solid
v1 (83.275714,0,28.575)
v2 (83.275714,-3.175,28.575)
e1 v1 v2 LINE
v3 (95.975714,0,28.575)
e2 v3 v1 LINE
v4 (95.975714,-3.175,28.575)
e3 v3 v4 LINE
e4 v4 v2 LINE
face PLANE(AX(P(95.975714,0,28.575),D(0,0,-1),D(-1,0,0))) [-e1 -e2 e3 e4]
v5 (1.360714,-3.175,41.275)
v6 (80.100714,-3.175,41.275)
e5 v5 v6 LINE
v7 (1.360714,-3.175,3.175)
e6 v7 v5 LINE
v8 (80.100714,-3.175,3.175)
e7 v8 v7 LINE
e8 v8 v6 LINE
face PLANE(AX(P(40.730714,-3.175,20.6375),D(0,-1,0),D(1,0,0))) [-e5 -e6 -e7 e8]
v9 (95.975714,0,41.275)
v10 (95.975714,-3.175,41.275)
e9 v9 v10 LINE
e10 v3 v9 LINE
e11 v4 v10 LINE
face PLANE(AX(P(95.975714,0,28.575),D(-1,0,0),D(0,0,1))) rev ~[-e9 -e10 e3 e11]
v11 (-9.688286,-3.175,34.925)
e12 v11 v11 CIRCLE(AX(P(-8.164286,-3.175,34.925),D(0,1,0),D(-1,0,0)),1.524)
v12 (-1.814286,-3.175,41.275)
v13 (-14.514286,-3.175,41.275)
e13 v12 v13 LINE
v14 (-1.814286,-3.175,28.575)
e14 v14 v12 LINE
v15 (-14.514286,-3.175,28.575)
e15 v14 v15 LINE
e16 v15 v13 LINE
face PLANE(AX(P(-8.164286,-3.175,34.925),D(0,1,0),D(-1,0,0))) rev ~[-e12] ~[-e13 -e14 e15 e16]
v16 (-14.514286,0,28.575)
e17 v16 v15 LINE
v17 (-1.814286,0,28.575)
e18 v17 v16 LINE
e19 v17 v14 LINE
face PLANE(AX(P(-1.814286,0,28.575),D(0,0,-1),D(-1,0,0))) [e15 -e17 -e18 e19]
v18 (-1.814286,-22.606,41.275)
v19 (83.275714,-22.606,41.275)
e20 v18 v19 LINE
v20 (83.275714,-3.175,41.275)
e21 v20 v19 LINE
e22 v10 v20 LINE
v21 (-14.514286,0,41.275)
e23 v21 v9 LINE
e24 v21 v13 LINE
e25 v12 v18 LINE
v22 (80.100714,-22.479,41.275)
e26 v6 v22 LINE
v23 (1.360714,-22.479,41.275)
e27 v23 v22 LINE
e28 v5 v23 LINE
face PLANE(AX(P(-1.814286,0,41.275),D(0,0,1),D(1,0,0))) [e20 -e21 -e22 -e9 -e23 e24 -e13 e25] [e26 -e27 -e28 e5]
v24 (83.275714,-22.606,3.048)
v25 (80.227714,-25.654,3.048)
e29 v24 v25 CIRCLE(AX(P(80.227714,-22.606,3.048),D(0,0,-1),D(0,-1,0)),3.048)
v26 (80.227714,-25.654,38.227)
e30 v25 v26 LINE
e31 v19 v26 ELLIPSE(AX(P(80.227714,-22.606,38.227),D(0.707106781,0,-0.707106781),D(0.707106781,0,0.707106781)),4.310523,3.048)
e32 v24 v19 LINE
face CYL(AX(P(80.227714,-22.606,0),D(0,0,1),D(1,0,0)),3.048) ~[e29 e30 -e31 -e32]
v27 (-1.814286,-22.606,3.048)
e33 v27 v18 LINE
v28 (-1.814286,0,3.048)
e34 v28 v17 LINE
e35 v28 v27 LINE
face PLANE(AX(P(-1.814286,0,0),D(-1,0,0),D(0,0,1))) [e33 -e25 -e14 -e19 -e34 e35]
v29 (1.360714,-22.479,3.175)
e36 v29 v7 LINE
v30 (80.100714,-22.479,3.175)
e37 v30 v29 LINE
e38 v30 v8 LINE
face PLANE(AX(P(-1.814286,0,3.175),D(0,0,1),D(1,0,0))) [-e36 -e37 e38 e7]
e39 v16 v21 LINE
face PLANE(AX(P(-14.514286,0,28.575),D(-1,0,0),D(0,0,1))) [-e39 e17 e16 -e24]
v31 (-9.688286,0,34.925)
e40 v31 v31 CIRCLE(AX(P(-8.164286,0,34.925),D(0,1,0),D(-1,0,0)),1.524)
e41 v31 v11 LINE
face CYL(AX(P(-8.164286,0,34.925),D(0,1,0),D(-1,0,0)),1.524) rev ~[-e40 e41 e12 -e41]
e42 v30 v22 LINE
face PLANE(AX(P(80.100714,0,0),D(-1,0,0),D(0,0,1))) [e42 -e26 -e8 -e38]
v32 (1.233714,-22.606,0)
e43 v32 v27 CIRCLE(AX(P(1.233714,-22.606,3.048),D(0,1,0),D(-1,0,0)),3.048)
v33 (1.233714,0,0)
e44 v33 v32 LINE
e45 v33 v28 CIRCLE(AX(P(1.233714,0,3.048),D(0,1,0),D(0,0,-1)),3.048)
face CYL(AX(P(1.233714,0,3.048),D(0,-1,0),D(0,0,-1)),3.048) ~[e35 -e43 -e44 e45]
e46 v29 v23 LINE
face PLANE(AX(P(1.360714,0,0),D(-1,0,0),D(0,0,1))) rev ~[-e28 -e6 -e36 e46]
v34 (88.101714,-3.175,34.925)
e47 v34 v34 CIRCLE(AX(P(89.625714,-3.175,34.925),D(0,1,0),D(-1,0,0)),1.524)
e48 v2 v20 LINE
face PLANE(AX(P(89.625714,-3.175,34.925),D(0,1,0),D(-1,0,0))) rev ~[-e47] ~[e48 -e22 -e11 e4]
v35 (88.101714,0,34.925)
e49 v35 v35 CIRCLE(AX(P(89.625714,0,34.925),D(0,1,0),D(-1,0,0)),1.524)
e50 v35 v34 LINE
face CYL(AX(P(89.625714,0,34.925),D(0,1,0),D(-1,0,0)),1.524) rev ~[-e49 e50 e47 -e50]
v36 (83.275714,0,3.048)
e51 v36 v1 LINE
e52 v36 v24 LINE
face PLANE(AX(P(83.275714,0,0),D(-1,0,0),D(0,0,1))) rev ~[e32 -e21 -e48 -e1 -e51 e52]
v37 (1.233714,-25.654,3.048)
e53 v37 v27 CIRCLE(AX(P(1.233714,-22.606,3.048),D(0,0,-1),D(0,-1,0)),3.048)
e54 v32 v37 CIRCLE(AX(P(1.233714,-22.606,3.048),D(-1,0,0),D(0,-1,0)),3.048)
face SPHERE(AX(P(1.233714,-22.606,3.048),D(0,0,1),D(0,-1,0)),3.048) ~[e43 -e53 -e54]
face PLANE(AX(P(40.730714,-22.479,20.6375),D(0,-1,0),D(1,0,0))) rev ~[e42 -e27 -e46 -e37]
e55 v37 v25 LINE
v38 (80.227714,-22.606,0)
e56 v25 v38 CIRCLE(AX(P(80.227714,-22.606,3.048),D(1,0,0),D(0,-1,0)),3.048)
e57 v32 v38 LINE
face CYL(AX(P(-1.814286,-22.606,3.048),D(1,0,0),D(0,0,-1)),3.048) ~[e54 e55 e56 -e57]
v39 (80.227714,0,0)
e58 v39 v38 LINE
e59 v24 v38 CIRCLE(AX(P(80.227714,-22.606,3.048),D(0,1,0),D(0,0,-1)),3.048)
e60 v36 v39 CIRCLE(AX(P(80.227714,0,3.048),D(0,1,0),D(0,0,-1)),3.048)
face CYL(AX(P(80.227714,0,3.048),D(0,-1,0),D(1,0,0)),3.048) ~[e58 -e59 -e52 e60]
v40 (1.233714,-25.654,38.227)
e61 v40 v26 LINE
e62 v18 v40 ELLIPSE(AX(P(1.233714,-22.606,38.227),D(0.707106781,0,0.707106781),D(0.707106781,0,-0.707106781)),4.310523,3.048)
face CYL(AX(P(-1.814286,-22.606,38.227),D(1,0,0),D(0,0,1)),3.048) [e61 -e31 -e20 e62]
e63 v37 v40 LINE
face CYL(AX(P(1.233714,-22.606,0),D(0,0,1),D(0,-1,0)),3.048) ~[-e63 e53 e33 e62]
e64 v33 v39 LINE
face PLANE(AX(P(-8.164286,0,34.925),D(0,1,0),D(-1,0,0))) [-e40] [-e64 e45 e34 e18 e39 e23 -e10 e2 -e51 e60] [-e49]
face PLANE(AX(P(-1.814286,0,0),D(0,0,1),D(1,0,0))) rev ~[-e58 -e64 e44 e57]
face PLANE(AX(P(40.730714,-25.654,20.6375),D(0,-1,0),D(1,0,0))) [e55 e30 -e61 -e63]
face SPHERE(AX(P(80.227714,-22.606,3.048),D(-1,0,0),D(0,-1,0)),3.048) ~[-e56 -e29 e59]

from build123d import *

# Parameters (mm, degrees)
F0_W     = 85.09
F0_H     = 41.275
F1_DEPTH = 25.654
F2_T     = -3.175
F3_W     = 12.7
F3_H     = 12.7
F3_R     = 1.524
F4_DEPTH = 3.175
F5_R     = 3.048


with BuildPart() as f1:
    # F0 (on Front) → F1 (new body)
    with BuildSketch(Plane.XZ):
        with Locations((40.730714, 20.6375)):
            Rectangle(F0_W, F0_H)
    extrude(amount=F1_DEPTH)

    # F2
    f2_openings = [f1.faces().sort_by_distance(p)[0] for p in [
        (40.730714, -12.827, 41.275),
    ]]
    offset(amount=F2_T, openings=f2_openings)

    # F3 (on face) → F4 (join)
    with BuildSketch(Plane(origin=(0, 0, 0), x_dir=(-1, 0, 0), z_dir=(0, 1, 0))):
        with Locations((8.164286, 34.925)):
            Rectangle(F3_W, F3_H)
        with Locations((8.164286, 34.925)):
            Circle(F3_R, mode=Mode.SUBTRACT)
        with Locations((-89.625714, 34.925)):
            Rectangle(F3_W, F3_H)
        with Locations((-89.625714, 34.925)):
            Circle(F3_R, mode=Mode.SUBTRACT)
    extrude(amount=-F4_DEPTH)

    # F5
    f5_edges = [f1.edges().sort_by_distance(p)[0] for p in [
        (40.730714, -25.654, 41.275),
        (-1.814286, -25.654, 20.6375),
        (40.730714, -25.654, 0),
        (83.275714, -25.654, 20.6375),
        (83.275714, -12.827, 0),
        (-1.814286, -12.827, 0),
    ]]
    fillet(f5_edges, radius=F5_R)


solid = f1.part
